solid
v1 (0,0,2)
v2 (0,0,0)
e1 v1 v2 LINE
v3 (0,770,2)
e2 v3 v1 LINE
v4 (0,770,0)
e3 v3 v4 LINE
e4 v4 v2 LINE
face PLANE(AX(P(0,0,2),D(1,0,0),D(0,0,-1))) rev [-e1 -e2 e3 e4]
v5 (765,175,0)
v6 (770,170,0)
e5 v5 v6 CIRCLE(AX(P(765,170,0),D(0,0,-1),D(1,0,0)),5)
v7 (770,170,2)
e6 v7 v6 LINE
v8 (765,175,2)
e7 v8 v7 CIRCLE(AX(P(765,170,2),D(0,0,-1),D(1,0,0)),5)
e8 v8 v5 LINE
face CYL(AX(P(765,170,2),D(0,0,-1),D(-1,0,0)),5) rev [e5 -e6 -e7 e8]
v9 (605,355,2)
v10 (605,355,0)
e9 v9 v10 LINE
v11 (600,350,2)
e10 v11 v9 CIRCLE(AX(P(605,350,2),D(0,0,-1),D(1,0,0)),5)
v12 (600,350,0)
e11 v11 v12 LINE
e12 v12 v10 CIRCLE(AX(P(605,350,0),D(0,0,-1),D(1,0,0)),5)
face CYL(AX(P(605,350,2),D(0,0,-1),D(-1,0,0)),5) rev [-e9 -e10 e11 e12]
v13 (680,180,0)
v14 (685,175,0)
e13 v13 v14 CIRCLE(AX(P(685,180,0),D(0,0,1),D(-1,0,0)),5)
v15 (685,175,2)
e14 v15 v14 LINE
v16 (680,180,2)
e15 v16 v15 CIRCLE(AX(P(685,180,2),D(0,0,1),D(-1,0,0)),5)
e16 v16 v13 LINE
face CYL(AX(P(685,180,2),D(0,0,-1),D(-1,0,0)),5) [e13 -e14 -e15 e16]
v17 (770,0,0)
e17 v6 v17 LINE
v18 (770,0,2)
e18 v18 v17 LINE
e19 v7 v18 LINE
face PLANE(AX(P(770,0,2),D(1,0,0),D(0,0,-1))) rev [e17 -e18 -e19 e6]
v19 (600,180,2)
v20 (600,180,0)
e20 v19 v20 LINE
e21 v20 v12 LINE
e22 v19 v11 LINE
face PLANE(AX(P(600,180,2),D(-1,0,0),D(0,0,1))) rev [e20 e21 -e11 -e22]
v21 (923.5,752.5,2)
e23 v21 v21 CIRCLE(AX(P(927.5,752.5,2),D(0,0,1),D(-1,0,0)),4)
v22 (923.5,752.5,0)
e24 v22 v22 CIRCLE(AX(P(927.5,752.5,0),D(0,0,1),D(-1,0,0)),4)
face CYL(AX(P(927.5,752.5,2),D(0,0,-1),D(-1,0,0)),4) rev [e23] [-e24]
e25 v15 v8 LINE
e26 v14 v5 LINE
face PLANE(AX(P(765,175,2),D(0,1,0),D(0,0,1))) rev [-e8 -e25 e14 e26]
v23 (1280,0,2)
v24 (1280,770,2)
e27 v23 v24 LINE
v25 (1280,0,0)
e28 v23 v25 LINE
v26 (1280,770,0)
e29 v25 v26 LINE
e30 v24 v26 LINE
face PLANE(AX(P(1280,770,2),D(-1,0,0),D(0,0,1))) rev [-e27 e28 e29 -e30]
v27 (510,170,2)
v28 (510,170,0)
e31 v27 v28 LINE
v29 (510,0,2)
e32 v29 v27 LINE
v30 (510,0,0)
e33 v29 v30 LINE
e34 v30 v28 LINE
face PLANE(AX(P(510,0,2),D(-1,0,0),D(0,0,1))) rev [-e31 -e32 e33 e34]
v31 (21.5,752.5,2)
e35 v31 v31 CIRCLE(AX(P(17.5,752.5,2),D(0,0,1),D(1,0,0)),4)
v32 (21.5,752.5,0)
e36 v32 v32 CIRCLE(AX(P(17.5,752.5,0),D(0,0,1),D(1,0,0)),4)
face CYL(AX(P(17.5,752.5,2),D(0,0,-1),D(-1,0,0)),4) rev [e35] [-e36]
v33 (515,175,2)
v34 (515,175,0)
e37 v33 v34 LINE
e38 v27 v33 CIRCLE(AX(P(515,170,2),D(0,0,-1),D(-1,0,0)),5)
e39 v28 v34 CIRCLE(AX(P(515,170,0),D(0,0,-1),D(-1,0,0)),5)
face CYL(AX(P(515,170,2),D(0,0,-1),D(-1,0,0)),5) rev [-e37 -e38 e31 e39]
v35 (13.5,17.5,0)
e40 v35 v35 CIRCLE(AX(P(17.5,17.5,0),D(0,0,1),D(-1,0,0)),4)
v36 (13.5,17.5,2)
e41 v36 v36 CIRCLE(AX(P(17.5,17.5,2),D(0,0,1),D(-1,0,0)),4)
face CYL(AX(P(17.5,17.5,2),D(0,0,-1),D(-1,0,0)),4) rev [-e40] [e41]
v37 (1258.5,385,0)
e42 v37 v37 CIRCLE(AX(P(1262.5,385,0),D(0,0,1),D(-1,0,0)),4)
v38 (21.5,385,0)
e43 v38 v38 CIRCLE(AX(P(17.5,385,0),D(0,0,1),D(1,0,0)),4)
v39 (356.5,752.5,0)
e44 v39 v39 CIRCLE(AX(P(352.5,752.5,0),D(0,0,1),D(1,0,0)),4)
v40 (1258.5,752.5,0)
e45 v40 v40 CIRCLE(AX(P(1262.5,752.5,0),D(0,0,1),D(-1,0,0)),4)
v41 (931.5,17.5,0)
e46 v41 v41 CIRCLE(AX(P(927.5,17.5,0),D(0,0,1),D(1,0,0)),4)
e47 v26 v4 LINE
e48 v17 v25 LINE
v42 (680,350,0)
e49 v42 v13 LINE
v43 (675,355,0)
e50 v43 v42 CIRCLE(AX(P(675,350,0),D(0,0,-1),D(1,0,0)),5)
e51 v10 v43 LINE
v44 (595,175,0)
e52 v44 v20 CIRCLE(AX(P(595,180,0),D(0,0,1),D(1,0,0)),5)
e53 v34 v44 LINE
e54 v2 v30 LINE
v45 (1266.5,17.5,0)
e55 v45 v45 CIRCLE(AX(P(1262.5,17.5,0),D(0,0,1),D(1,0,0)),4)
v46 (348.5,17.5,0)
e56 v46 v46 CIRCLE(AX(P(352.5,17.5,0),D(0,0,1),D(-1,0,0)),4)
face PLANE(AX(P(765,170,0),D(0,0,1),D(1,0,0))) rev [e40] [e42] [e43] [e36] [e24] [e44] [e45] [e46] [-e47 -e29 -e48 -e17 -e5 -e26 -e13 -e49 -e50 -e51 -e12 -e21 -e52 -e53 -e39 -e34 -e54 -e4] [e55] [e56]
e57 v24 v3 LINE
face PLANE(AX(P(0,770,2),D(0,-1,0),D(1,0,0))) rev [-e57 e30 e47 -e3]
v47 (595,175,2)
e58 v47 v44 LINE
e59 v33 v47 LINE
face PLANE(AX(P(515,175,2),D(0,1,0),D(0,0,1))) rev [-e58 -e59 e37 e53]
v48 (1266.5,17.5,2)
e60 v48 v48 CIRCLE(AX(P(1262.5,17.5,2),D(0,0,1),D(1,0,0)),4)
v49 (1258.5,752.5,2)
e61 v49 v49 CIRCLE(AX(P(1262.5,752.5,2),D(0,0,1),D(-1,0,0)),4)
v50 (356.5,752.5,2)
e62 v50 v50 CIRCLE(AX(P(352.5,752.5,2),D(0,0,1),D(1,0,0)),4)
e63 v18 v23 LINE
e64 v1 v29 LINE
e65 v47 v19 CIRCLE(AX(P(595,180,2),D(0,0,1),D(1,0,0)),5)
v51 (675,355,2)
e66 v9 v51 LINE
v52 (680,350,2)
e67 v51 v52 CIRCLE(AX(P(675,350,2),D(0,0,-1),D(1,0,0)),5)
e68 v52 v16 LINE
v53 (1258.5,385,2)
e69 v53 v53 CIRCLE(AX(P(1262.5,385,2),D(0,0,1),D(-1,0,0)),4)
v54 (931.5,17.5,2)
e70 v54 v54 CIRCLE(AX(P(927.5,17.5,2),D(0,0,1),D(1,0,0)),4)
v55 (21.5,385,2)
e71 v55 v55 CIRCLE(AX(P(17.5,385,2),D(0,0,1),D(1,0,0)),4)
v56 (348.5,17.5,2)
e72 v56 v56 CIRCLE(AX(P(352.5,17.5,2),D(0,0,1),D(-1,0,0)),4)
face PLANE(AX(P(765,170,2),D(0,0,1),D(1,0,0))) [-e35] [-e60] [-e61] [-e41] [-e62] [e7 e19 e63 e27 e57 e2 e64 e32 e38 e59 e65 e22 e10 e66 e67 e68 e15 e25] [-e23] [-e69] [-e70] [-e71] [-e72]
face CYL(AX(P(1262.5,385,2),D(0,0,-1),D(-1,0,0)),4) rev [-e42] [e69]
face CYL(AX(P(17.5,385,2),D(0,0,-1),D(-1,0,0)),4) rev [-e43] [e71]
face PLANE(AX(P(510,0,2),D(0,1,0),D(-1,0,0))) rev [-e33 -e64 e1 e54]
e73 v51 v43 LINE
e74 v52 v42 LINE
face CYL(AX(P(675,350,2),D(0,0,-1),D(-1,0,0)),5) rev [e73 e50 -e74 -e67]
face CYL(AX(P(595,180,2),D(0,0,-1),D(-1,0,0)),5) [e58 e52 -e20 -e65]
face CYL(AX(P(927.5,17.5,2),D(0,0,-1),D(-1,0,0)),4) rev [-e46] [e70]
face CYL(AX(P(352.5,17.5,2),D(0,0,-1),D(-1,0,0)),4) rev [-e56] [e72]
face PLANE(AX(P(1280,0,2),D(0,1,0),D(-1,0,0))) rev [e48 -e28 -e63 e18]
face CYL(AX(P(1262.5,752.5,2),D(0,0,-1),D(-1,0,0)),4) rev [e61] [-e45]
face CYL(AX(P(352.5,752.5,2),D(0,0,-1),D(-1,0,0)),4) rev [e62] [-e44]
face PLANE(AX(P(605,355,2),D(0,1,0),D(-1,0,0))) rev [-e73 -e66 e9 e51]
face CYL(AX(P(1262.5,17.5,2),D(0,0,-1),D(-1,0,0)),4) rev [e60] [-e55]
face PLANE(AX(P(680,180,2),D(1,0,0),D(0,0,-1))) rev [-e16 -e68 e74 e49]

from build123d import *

# Parameters (mm, degrees)
SKETCH1_R           = 4
BOSS_EXTRUDE1_DEPTH = 2


with BuildPart() as part:
    # Sketch1 → Boss-Extrude1 (new body)
    with BuildSketch(Plane.XY):
        with BuildLine():
            Line((0, 0), (0, 770))
            Line((0, 770), (1280, 770))
            Line((1280, 770), (1280, 0))
            Line((1280, 0), (770, 0))
            Line((770, 0), (770, 170))
            ThreePointArc((770, 170), (768.535533906, 173.535533906), (765, 175))
            Line((765, 175), (685, 175))
            ThreePointArc((685, 175), (681.464466094, 176.464466094), (680, 180))
            Line((680, 180), (680, 350))
            ThreePointArc((680, 350), (678.535533906, 353.535533906), (675, 355))
            Line((675, 355), (605, 355))
            ThreePointArc((605, 355), (601.464466094, 353.535533906), (600, 350))
            Line((600, 350), (600, 180))
            ThreePointArc((600, 180), (598.535533906, 176.464466094), (595, 175))
            Line((595, 175), (515, 175))
            ThreePointArc((515, 175), (511.464466094, 173.535533906), (510, 170))
            Line((510, 170), (510, 0))
            Line((510, 0), (0, 0))
        make_face()
        with Locations((17.5, 752.5)):
            Circle(SKETCH1_R, mode=Mode.SUBTRACT)
        with Locations(Location((1262.5, 752.5, 0), (0, 0, 180))):  # turned: the seam where the file's is
            Circle(SKETCH1_R, mode=Mode.SUBTRACT)
        with Locations((1262.5, 17.5)):
            Circle(SKETCH1_R, mode=Mode.SUBTRACT)
        with Locations(Location((17.5, 17.5, 0), (0, 0, 180))):  # turned: the seam where the file's is
            Circle(SKETCH1_R, mode=Mode.SUBTRACT)
        with Locations((352.5, 752.5)):
            Circle(SKETCH1_R, mode=Mode.SUBTRACT)
        with Locations(Location((927.5, 752.5, 0), (0, 0, 180))):  # turned: the seam where the file's is
            Circle(SKETCH1_R, mode=Mode.SUBTRACT)
        with Locations((927.5, 17.5)):
            Circle(SKETCH1_R, mode=Mode.SUBTRACT)
        with Locations(Location((352.5, 17.5, 0), (0, 0, 180))):  # turned: the seam where the file's is
            Circle(SKETCH1_R, mode=Mode.SUBTRACT)
        with Locations((17.5, 385)):
            Circle(SKETCH1_R, mode=Mode.SUBTRACT)
        with Locations(Location((1262.5, 385, 0), (0, 0, 180))):  # turned: the seam where the file's is
            Circle(SKETCH1_R, mode=Mode.SUBTRACT)
    extrude(amount=BOSS_EXTRUDE1_DEPTH)


solid = part.part
